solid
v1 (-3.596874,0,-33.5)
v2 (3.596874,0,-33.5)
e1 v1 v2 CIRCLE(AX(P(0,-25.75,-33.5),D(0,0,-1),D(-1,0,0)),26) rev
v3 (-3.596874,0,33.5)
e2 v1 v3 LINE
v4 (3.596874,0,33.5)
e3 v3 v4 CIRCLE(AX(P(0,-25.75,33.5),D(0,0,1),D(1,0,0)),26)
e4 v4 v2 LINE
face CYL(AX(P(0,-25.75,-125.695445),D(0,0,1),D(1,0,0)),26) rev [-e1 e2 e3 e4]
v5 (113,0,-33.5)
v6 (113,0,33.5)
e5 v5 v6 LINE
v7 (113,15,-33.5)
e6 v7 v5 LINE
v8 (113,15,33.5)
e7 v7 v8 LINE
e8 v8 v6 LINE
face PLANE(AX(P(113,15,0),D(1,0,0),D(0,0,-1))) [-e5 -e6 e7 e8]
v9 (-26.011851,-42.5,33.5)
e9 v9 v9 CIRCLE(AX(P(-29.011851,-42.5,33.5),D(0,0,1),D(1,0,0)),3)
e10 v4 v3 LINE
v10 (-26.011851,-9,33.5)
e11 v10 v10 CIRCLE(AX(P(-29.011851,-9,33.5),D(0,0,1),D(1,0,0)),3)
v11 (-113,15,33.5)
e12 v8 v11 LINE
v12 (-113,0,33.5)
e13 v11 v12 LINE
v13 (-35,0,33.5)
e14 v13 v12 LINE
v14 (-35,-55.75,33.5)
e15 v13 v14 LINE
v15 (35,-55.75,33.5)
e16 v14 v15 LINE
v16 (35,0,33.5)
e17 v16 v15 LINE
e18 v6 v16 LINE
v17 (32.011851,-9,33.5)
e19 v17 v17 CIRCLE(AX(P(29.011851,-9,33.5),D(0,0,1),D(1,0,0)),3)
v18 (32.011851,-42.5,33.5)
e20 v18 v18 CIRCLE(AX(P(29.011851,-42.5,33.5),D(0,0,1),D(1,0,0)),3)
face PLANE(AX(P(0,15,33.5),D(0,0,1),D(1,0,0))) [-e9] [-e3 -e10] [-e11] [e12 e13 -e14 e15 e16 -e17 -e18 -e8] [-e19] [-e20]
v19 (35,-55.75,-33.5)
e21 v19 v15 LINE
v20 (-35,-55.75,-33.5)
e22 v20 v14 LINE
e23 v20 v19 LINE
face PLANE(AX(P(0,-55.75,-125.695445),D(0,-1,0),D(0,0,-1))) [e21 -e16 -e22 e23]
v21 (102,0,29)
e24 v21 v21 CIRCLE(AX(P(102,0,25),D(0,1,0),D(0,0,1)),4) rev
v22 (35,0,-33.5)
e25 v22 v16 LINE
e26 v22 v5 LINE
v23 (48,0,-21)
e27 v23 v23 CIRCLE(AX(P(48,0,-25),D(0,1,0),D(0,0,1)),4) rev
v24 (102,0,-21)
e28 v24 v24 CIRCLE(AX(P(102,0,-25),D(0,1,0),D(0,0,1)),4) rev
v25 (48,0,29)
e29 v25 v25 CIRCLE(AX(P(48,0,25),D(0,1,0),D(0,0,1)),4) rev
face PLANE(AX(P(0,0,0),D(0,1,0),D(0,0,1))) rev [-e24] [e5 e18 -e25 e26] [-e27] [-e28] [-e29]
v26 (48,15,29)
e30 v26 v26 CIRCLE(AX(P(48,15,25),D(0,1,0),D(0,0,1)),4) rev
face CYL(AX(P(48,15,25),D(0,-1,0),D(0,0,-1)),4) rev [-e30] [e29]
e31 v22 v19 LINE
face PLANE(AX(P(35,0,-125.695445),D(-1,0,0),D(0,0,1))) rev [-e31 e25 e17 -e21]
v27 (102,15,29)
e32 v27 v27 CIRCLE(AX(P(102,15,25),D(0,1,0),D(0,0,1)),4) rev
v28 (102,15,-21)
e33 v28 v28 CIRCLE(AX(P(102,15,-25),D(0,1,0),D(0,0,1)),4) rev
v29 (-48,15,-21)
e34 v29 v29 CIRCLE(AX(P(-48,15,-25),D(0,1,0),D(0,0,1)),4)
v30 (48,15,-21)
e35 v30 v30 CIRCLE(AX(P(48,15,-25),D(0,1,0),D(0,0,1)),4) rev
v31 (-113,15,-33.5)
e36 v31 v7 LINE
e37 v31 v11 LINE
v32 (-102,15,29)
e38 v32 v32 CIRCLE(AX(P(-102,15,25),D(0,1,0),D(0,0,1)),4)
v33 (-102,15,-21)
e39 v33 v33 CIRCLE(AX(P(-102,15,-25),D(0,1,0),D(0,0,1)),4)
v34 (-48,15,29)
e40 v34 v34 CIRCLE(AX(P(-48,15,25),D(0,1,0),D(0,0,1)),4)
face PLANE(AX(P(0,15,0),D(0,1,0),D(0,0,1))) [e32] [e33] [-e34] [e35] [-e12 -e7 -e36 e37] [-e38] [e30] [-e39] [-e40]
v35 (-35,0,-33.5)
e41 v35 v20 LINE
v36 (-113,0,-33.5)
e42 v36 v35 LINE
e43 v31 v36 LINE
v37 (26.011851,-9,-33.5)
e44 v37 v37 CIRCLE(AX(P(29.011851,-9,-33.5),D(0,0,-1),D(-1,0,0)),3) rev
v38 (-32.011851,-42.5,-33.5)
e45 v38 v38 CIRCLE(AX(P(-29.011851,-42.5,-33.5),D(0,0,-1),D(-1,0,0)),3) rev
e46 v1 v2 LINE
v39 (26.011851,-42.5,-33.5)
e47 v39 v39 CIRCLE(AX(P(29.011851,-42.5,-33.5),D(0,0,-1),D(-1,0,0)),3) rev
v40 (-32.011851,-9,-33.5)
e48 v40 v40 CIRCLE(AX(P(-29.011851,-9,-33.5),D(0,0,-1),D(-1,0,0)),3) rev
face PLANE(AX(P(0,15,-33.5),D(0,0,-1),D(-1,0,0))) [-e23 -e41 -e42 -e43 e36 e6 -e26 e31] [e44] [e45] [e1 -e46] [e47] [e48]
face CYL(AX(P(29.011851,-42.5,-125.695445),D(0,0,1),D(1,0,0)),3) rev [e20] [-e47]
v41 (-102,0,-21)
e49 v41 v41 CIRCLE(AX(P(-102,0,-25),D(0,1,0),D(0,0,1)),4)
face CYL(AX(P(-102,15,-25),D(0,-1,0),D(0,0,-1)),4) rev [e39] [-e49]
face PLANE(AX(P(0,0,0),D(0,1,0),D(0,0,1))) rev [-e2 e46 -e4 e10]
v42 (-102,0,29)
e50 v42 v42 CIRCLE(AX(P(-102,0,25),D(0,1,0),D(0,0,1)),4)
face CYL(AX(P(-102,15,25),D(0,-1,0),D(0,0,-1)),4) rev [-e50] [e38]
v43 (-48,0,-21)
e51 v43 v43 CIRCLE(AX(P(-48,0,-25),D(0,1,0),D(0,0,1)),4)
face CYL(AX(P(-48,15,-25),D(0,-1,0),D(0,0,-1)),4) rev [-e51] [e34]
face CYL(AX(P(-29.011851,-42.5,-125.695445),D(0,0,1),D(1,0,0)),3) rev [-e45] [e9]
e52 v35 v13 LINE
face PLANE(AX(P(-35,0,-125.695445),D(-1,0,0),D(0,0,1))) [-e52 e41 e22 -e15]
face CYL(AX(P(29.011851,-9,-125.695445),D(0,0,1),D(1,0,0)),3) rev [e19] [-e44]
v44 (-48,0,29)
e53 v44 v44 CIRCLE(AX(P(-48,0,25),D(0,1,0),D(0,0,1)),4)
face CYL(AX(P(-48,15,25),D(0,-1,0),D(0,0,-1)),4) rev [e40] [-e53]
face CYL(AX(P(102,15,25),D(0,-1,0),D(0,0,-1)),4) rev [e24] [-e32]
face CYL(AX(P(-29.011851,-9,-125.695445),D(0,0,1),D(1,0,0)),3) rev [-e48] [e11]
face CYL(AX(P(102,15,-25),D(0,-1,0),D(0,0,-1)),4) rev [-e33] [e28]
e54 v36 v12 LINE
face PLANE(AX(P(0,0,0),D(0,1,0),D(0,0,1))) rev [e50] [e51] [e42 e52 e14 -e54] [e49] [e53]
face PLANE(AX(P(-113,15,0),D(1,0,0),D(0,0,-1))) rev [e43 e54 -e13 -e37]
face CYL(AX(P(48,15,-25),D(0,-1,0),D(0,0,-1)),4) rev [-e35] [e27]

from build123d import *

# Parameters (mm, degrees)
SKETCH1_R           = 4
BOSS_EXTRUDE1_DEPTH = 15
SKETCH2_W           = 70
SKETCH2_H           = 60
SKETCH2_R           = 26
SKETCH2_R_2         = 3
BOSS_EXTRUDE3_DEPTH = 67


with BuildPart() as part:
    # Sketch1 → Boss-Extrude1 (new body)
    # profile 1 of 3: a face of its own
    with BuildSketch(Plane(origin=(0, 0, 0), x_dir=(1, 0, 0), z_dir=(0, 1, 0))):
        Polygon((37, 33.5), (-37, 33.5), (-113, 33.5), (-113, -33.5), (-37, -33.5), (37, -33.5), (113, -33.5), (113, 33.5), align=None)
        with Locations(Location((-102, -25, 0), (0, 0, 270))):
            Circle(SKETCH1_R, mode=Mode.SUBTRACT)
        with Locations(Location((-48, -25, 0), (0, 0, 270))):
            Circle(SKETCH1_R, mode=Mode.SUBTRACT)
        with Locations(Location((48, -25, 0), (0, 0, 270))):
            Circle(SKETCH1_R, mode=Mode.SUBTRACT)
        with Locations(Location((102, -25, 0), (0, 0, 270))):
            Circle(SKETCH1_R, mode=Mode.SUBTRACT)
        with Locations(Location((-102, 25, 0), (0, 0, 270))):
            Circle(SKETCH1_R, mode=Mode.SUBTRACT)
        with Locations(Location((-48, 25, 0), (0, 0, 270))):
            Circle(SKETCH1_R, mode=Mode.SUBTRACT)
        with Locations(Location((48, 25, 0), (0, 0, 270))):
            Circle(SKETCH1_R, mode=Mode.SUBTRACT)
        with Locations(Location((102, 25, 0), (0, 0, 270))):
            Circle(SKETCH1_R, mode=Mode.SUBTRACT)
    # profile 2 of 3: a face of its own
    with BuildSketch(Plane(origin=(0, 0, 0), x_dir=(1, 0, 0), z_dir=(0, 1, 0))):
        Polygon((37, 33.5), (-37, 33.5), (-113, 33.5), (-113, -33.5), (-37, -33.5), (37, -33.5), (113, -33.5), (113, 33.5), align=None)
        with Locations(Location((-102, -25, 0), (0, 0, 270))):
            Circle(SKETCH1_R, mode=Mode.SUBTRACT)
        with Locations(Location((-48, -25, 0), (0, 0, 270))):
            Circle(SKETCH1_R, mode=Mode.SUBTRACT)
        with Locations(Location((48, -25, 0), (0, 0, 270))):
            Circle(SKETCH1_R, mode=Mode.SUBTRACT)
        with Locations(Location((102, -25, 0), (0, 0, 270))):
            Circle(SKETCH1_R, mode=Mode.SUBTRACT)
        with Locations(Location((-102, 25, 0), (0, 0, 270))):
            Circle(SKETCH1_R, mode=Mode.SUBTRACT)
        with Locations(Location((-48, 25, 0), (0, 0, 270))):
            Circle(SKETCH1_R, mode=Mode.SUBTRACT)
        with Locations(Location((48, 25, 0), (0, 0, 270))):
            Circle(SKETCH1_R, mode=Mode.SUBTRACT)
        with Locations(Location((102, 25, 0), (0, 0, 270))):
            Circle(SKETCH1_R, mode=Mode.SUBTRACT)
    # profile 3 of 3: a face of its own
    with BuildSketch(Plane(origin=(0, 0, 0), x_dir=(1, 0, 0), z_dir=(0, 1, 0))):
        Polygon((37, 33.5), (-37, 33.5), (-113, 33.5), (-113, -33.5), (-37, -33.5), (37, -33.5), (113, -33.5), (113, 33.5), align=None)
        with Locations(Location((-102, -25, 0), (0, 0, 270))):
            Circle(SKETCH1_R, mode=Mode.SUBTRACT)
        with Locations(Location((-48, -25, 0), (0, 0, 270))):
            Circle(SKETCH1_R, mode=Mode.SUBTRACT)
        with Locations(Location((48, -25, 0), (0, 0, 270))):
            Circle(SKETCH1_R, mode=Mode.SUBTRACT)
        with Locations(Location((102, -25, 0), (0, 0, 270))):
            Circle(SKETCH1_R, mode=Mode.SUBTRACT)
        with Locations(Location((-102, 25, 0), (0, 0, 270))):
            Circle(SKETCH1_R, mode=Mode.SUBTRACT)
        with Locations(Location((-48, 25, 0), (0, 0, 270))):
            Circle(SKETCH1_R, mode=Mode.SUBTRACT)
        with Locations(Location((48, 25, 0), (0, 0, 270))):
            Circle(SKETCH1_R, mode=Mode.SUBTRACT)
        with Locations(Location((102, 25, 0), (0, 0, 270))):
            Circle(SKETCH1_R, mode=Mode.SUBTRACT)
    extrude(amount=BOSS_EXTRUDE1_DEPTH)

    # Sketch2 → Boss-Extrude3 (add)
    with BuildSketch(Plane.XY.offset(33.5)):
        with Locations((0, -25.75)):
            Rectangle(SKETCH2_W, SKETCH2_H)
        with Locations((0, -25.75)):
            Circle(SKETCH2_R, mode=Mode.SUBTRACT)
        with Locations((-29.011851027, -9)):
            Circle(SKETCH2_R_2, mode=Mode.SUBTRACT)
        with Locations((-29.011851027, -42.5)):
            Circle(SKETCH2_R_2, mode=Mode.SUBTRACT)
        with Locations((29.011851027, -42.5)):
            Circle(SKETCH2_R_2, mode=Mode.SUBTRACT)
        with Locations((29.011851027, -9)):
            Circle(SKETCH2_R_2, mode=Mode.SUBTRACT)
    extrude(amount=-BOSS_EXTRUDE3_DEPTH)


solid = part.part
